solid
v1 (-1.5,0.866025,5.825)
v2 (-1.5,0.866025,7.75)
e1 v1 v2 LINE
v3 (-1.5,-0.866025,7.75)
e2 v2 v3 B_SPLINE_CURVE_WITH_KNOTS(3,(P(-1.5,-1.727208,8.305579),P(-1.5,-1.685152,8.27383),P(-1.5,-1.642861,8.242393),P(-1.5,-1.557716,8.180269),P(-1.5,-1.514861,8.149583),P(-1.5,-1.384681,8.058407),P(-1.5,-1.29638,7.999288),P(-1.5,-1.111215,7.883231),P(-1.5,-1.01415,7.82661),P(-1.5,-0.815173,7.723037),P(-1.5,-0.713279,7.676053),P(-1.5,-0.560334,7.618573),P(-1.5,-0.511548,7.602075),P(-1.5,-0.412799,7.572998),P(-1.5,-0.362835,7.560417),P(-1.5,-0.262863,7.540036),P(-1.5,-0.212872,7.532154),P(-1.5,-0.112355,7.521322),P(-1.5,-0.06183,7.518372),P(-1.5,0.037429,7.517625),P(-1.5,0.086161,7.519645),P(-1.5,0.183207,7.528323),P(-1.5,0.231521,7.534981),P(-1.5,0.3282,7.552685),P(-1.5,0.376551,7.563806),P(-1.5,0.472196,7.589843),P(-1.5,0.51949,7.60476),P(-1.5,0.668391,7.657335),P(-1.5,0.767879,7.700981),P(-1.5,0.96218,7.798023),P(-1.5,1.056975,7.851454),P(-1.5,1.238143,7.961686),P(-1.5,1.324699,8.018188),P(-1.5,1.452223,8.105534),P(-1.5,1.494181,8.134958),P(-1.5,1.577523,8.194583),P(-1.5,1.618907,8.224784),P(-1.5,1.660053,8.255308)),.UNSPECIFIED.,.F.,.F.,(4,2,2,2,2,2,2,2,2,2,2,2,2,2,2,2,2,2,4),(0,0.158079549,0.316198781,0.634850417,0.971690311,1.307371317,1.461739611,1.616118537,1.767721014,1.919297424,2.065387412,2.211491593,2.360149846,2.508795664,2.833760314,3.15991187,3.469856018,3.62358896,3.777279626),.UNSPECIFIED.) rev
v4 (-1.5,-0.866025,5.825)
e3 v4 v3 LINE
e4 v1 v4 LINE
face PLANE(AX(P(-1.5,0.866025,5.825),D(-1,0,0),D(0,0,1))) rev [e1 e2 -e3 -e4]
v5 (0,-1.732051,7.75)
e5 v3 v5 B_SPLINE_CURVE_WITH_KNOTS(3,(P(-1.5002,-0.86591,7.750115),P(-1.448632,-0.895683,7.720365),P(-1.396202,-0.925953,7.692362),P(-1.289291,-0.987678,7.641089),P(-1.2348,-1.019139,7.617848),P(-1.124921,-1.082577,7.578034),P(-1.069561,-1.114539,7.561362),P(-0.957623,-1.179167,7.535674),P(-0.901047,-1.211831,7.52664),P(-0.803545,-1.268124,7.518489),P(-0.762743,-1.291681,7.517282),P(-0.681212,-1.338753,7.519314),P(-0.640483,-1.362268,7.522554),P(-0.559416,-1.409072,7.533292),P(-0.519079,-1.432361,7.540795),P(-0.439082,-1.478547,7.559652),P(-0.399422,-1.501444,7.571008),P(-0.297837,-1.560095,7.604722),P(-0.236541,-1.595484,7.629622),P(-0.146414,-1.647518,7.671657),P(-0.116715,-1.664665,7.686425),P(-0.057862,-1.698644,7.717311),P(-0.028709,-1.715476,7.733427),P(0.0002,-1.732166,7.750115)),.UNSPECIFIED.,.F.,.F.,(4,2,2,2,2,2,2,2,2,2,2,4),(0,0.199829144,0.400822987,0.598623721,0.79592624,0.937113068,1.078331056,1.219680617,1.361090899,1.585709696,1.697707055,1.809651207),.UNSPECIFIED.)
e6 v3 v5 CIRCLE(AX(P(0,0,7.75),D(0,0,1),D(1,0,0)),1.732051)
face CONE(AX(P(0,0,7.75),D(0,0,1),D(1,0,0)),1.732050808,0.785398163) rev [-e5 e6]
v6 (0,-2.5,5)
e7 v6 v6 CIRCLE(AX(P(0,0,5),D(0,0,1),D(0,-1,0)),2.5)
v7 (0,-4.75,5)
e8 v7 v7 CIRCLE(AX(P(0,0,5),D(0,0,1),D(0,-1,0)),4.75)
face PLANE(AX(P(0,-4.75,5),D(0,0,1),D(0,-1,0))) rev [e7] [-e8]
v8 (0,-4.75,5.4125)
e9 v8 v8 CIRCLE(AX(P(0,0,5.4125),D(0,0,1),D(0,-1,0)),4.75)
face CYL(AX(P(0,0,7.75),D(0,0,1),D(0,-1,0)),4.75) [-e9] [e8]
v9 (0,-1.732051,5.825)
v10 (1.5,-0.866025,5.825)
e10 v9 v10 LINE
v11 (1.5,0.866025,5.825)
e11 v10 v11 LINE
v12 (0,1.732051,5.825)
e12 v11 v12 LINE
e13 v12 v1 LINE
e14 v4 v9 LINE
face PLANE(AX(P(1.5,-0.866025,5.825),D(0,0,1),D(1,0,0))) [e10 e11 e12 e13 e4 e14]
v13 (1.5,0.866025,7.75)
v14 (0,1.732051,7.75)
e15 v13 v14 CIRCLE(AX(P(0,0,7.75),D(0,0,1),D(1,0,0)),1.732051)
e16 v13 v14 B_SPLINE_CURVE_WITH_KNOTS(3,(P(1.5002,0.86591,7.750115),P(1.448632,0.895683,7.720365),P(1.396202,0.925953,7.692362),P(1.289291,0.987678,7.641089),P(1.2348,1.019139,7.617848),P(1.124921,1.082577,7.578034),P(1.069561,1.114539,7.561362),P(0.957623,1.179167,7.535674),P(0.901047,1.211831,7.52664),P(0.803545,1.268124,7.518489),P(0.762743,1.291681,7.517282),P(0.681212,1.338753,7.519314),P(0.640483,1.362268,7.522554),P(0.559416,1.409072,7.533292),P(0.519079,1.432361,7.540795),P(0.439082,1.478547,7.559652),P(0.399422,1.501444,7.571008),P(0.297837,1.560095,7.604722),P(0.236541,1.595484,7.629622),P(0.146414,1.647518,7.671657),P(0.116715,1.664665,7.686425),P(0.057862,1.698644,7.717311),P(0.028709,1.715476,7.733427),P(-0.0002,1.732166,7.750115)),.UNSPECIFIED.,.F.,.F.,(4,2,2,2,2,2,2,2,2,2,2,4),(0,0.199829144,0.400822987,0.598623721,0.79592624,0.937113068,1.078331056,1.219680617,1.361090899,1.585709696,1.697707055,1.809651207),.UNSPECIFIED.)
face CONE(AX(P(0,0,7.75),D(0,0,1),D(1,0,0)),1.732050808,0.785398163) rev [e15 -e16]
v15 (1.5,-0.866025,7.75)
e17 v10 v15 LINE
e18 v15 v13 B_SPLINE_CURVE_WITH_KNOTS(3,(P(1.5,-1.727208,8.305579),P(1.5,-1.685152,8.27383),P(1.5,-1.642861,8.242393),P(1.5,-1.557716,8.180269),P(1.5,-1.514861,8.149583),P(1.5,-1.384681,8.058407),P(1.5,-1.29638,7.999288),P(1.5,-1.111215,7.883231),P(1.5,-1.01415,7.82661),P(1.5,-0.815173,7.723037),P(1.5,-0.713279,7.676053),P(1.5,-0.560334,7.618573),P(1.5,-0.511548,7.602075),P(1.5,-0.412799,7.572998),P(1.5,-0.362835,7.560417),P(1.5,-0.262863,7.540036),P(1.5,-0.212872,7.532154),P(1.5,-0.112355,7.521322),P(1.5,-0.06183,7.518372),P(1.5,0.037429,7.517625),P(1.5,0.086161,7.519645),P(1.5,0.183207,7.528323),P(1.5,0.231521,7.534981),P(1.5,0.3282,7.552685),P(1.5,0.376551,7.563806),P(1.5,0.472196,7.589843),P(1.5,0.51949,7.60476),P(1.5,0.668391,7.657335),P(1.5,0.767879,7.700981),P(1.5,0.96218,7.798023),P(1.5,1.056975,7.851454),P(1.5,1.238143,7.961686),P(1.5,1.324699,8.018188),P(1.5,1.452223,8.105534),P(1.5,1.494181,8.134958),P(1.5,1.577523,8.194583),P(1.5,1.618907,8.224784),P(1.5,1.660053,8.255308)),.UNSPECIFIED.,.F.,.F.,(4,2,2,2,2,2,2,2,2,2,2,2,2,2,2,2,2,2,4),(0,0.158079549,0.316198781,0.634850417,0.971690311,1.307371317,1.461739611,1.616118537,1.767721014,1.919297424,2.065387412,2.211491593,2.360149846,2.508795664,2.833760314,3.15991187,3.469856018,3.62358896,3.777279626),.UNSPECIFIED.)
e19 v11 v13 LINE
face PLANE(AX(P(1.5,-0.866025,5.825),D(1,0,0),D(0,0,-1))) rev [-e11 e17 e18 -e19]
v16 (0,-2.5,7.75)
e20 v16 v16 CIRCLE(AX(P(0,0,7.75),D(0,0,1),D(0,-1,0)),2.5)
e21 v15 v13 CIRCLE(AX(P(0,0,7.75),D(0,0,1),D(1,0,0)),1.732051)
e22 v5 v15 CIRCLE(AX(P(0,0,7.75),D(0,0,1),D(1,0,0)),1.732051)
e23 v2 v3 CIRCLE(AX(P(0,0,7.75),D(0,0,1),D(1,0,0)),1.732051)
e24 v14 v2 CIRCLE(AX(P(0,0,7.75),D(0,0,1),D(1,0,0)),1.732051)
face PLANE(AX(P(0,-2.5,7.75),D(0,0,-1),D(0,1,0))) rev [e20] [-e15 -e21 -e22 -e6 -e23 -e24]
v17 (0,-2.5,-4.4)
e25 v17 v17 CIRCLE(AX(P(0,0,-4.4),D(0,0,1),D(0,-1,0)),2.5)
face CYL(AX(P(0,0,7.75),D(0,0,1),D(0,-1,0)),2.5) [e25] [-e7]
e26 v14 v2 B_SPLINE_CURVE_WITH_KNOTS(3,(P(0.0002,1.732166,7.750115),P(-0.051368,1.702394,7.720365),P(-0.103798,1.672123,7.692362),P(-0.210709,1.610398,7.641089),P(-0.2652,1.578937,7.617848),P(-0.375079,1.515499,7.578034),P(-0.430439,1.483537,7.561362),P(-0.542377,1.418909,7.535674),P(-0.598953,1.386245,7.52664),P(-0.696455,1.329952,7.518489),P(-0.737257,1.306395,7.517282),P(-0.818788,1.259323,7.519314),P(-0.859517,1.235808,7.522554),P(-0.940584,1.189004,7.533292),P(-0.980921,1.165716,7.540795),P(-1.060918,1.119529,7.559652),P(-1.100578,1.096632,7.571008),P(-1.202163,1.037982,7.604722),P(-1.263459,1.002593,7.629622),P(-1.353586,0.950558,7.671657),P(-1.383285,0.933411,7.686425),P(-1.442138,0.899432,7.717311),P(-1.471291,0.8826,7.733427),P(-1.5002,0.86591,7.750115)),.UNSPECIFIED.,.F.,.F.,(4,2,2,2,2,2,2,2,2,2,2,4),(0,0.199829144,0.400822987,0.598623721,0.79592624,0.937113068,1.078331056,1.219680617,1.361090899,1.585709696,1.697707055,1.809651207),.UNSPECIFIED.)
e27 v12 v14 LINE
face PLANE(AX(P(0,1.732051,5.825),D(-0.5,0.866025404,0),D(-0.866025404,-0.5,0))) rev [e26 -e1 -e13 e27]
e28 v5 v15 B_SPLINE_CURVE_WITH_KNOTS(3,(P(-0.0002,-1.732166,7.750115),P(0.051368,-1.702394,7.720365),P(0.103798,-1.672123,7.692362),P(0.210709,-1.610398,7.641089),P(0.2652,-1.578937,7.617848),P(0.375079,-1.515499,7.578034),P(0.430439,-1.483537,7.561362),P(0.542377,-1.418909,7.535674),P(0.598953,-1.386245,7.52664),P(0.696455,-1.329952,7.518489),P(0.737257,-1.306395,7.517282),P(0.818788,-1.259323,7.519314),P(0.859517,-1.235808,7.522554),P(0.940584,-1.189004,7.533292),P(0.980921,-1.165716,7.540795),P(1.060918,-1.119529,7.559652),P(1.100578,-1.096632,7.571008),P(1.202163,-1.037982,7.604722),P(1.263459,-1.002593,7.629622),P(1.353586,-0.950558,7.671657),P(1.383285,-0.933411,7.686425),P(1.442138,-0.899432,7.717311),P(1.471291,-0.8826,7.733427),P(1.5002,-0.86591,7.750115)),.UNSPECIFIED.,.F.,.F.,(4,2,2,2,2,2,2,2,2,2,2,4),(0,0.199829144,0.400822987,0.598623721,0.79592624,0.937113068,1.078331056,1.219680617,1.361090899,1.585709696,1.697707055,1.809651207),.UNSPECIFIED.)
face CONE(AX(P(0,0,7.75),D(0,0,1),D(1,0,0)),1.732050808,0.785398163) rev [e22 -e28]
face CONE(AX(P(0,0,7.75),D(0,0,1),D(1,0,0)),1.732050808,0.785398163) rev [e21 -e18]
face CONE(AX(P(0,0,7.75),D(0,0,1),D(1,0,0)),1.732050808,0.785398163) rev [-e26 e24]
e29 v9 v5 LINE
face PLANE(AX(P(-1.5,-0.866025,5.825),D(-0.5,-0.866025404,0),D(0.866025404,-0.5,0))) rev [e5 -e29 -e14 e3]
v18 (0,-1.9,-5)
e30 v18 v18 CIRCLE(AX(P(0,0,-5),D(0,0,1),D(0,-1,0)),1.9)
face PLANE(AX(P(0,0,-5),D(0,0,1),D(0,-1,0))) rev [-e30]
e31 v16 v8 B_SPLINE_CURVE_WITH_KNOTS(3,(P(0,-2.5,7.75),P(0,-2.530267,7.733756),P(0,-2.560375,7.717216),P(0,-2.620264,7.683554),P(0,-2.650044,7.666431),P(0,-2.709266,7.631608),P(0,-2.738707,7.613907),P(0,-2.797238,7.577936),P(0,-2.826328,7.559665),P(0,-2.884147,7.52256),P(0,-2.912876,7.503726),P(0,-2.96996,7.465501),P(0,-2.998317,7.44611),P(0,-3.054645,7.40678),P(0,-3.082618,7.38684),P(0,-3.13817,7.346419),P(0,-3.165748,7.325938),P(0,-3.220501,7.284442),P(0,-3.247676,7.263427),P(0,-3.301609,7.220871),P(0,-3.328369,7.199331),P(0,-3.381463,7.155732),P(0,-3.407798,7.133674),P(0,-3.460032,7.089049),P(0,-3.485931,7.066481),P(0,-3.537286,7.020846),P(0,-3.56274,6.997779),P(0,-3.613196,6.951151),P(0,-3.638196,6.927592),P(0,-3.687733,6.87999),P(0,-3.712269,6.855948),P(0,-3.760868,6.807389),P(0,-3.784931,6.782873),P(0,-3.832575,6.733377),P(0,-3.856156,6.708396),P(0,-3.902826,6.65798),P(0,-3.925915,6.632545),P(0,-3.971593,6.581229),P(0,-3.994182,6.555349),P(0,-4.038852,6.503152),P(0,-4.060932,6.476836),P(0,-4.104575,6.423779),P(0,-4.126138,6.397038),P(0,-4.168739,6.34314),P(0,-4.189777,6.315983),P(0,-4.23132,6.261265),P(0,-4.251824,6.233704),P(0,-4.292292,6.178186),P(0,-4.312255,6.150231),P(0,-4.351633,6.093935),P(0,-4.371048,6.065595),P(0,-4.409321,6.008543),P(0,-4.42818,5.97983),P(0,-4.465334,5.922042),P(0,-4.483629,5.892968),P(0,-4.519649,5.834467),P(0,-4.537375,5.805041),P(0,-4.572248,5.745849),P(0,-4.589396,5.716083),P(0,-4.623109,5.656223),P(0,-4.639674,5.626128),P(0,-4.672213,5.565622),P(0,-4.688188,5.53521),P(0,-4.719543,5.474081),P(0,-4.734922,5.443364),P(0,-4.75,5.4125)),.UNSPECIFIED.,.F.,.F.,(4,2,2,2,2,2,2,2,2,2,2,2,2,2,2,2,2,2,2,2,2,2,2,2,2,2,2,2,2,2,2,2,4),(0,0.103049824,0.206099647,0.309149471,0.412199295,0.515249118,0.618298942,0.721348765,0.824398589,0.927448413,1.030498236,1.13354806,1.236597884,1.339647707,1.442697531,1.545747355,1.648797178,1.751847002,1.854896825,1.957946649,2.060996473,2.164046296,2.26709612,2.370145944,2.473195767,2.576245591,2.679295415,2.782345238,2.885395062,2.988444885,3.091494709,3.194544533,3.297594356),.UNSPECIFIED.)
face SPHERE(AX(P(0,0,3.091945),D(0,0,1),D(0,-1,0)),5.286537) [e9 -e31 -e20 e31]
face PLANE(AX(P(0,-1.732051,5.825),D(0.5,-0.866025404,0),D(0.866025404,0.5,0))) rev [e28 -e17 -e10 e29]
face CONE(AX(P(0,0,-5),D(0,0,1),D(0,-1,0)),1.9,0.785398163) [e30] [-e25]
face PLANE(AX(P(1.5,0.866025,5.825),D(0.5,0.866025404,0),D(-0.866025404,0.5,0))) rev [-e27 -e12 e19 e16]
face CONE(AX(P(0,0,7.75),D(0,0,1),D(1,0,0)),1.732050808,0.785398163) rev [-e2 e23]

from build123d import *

# Parameters (mm, degrees)
CUT_EXTRUDE2_DEPTH = 1.925


with BuildPart() as part:
    # Sketch10 → Revolve3 (revolve)
    with BuildSketch(Plane(origin=(0, 0, 0), x_dir=(0, 0, -1), z_dir=(1, 0, 0))):
        Polygon((4.4, 2.5), (5, 1.9), (5, 0), (-5, 0), (-5, 2.5), align=None)
    revolve(axis=Axis((0, 0, 7.75), (0, 0, -1)))

    # Sketch7 → Revolve2 (revolve)
    with BuildSketch(Plane(origin=(0, 0, 0), x_dir=(0, 0, -1), z_dir=(1, 0, 0))):
        with BuildLine():
            Line((-5.4125, 4.75), (-5, 4.75))
            Line((-5, 4.75), (-5, 0))
            Line((-5, 0), (-7.75, 0))
            Line((-7.75, 0), (-7.75, 2.5))
            ThreePointArc((-7.75, 2.5), (-6.758124817, 3.808753282), (-5.4125, 4.75))
        make_face()
    revolve(axis=Axis((0, 0, 7.75), (0, 0, -1)))

    # Sketch5 → Cut-Extrude2 (cut)
    with BuildSketch(Plane.XY.offset(7.75)):
        Polygon((1.5, -0.866025404), (1.5, 0.866025404), (0, 1.732050808), (-1.5, 0.866025404), (-1.5, -0.866025404), (0, -1.732050808), align=None)
    extrude(amount=-CUT_EXTRUDE2_DEPTH, mode=Mode.SUBTRACT)

    # Cut-Extrude3 cone 1 section (through the dimple's axis) → Cut-Extrude3 (revolve, cut)
    with BuildSketch(Plane(origin=(0, 0, 7.75), x_dir=(0, -1, 0), z_dir=(1, 0, 0))):
        Polygon((0, 0), (1.732050808, 0), (0, 1.732050808), align=None)
    revolve(axis=Axis((0, 0, 7.75), (0, 0, -1)), mode=Mode.SUBTRACT)


solid = part.part
